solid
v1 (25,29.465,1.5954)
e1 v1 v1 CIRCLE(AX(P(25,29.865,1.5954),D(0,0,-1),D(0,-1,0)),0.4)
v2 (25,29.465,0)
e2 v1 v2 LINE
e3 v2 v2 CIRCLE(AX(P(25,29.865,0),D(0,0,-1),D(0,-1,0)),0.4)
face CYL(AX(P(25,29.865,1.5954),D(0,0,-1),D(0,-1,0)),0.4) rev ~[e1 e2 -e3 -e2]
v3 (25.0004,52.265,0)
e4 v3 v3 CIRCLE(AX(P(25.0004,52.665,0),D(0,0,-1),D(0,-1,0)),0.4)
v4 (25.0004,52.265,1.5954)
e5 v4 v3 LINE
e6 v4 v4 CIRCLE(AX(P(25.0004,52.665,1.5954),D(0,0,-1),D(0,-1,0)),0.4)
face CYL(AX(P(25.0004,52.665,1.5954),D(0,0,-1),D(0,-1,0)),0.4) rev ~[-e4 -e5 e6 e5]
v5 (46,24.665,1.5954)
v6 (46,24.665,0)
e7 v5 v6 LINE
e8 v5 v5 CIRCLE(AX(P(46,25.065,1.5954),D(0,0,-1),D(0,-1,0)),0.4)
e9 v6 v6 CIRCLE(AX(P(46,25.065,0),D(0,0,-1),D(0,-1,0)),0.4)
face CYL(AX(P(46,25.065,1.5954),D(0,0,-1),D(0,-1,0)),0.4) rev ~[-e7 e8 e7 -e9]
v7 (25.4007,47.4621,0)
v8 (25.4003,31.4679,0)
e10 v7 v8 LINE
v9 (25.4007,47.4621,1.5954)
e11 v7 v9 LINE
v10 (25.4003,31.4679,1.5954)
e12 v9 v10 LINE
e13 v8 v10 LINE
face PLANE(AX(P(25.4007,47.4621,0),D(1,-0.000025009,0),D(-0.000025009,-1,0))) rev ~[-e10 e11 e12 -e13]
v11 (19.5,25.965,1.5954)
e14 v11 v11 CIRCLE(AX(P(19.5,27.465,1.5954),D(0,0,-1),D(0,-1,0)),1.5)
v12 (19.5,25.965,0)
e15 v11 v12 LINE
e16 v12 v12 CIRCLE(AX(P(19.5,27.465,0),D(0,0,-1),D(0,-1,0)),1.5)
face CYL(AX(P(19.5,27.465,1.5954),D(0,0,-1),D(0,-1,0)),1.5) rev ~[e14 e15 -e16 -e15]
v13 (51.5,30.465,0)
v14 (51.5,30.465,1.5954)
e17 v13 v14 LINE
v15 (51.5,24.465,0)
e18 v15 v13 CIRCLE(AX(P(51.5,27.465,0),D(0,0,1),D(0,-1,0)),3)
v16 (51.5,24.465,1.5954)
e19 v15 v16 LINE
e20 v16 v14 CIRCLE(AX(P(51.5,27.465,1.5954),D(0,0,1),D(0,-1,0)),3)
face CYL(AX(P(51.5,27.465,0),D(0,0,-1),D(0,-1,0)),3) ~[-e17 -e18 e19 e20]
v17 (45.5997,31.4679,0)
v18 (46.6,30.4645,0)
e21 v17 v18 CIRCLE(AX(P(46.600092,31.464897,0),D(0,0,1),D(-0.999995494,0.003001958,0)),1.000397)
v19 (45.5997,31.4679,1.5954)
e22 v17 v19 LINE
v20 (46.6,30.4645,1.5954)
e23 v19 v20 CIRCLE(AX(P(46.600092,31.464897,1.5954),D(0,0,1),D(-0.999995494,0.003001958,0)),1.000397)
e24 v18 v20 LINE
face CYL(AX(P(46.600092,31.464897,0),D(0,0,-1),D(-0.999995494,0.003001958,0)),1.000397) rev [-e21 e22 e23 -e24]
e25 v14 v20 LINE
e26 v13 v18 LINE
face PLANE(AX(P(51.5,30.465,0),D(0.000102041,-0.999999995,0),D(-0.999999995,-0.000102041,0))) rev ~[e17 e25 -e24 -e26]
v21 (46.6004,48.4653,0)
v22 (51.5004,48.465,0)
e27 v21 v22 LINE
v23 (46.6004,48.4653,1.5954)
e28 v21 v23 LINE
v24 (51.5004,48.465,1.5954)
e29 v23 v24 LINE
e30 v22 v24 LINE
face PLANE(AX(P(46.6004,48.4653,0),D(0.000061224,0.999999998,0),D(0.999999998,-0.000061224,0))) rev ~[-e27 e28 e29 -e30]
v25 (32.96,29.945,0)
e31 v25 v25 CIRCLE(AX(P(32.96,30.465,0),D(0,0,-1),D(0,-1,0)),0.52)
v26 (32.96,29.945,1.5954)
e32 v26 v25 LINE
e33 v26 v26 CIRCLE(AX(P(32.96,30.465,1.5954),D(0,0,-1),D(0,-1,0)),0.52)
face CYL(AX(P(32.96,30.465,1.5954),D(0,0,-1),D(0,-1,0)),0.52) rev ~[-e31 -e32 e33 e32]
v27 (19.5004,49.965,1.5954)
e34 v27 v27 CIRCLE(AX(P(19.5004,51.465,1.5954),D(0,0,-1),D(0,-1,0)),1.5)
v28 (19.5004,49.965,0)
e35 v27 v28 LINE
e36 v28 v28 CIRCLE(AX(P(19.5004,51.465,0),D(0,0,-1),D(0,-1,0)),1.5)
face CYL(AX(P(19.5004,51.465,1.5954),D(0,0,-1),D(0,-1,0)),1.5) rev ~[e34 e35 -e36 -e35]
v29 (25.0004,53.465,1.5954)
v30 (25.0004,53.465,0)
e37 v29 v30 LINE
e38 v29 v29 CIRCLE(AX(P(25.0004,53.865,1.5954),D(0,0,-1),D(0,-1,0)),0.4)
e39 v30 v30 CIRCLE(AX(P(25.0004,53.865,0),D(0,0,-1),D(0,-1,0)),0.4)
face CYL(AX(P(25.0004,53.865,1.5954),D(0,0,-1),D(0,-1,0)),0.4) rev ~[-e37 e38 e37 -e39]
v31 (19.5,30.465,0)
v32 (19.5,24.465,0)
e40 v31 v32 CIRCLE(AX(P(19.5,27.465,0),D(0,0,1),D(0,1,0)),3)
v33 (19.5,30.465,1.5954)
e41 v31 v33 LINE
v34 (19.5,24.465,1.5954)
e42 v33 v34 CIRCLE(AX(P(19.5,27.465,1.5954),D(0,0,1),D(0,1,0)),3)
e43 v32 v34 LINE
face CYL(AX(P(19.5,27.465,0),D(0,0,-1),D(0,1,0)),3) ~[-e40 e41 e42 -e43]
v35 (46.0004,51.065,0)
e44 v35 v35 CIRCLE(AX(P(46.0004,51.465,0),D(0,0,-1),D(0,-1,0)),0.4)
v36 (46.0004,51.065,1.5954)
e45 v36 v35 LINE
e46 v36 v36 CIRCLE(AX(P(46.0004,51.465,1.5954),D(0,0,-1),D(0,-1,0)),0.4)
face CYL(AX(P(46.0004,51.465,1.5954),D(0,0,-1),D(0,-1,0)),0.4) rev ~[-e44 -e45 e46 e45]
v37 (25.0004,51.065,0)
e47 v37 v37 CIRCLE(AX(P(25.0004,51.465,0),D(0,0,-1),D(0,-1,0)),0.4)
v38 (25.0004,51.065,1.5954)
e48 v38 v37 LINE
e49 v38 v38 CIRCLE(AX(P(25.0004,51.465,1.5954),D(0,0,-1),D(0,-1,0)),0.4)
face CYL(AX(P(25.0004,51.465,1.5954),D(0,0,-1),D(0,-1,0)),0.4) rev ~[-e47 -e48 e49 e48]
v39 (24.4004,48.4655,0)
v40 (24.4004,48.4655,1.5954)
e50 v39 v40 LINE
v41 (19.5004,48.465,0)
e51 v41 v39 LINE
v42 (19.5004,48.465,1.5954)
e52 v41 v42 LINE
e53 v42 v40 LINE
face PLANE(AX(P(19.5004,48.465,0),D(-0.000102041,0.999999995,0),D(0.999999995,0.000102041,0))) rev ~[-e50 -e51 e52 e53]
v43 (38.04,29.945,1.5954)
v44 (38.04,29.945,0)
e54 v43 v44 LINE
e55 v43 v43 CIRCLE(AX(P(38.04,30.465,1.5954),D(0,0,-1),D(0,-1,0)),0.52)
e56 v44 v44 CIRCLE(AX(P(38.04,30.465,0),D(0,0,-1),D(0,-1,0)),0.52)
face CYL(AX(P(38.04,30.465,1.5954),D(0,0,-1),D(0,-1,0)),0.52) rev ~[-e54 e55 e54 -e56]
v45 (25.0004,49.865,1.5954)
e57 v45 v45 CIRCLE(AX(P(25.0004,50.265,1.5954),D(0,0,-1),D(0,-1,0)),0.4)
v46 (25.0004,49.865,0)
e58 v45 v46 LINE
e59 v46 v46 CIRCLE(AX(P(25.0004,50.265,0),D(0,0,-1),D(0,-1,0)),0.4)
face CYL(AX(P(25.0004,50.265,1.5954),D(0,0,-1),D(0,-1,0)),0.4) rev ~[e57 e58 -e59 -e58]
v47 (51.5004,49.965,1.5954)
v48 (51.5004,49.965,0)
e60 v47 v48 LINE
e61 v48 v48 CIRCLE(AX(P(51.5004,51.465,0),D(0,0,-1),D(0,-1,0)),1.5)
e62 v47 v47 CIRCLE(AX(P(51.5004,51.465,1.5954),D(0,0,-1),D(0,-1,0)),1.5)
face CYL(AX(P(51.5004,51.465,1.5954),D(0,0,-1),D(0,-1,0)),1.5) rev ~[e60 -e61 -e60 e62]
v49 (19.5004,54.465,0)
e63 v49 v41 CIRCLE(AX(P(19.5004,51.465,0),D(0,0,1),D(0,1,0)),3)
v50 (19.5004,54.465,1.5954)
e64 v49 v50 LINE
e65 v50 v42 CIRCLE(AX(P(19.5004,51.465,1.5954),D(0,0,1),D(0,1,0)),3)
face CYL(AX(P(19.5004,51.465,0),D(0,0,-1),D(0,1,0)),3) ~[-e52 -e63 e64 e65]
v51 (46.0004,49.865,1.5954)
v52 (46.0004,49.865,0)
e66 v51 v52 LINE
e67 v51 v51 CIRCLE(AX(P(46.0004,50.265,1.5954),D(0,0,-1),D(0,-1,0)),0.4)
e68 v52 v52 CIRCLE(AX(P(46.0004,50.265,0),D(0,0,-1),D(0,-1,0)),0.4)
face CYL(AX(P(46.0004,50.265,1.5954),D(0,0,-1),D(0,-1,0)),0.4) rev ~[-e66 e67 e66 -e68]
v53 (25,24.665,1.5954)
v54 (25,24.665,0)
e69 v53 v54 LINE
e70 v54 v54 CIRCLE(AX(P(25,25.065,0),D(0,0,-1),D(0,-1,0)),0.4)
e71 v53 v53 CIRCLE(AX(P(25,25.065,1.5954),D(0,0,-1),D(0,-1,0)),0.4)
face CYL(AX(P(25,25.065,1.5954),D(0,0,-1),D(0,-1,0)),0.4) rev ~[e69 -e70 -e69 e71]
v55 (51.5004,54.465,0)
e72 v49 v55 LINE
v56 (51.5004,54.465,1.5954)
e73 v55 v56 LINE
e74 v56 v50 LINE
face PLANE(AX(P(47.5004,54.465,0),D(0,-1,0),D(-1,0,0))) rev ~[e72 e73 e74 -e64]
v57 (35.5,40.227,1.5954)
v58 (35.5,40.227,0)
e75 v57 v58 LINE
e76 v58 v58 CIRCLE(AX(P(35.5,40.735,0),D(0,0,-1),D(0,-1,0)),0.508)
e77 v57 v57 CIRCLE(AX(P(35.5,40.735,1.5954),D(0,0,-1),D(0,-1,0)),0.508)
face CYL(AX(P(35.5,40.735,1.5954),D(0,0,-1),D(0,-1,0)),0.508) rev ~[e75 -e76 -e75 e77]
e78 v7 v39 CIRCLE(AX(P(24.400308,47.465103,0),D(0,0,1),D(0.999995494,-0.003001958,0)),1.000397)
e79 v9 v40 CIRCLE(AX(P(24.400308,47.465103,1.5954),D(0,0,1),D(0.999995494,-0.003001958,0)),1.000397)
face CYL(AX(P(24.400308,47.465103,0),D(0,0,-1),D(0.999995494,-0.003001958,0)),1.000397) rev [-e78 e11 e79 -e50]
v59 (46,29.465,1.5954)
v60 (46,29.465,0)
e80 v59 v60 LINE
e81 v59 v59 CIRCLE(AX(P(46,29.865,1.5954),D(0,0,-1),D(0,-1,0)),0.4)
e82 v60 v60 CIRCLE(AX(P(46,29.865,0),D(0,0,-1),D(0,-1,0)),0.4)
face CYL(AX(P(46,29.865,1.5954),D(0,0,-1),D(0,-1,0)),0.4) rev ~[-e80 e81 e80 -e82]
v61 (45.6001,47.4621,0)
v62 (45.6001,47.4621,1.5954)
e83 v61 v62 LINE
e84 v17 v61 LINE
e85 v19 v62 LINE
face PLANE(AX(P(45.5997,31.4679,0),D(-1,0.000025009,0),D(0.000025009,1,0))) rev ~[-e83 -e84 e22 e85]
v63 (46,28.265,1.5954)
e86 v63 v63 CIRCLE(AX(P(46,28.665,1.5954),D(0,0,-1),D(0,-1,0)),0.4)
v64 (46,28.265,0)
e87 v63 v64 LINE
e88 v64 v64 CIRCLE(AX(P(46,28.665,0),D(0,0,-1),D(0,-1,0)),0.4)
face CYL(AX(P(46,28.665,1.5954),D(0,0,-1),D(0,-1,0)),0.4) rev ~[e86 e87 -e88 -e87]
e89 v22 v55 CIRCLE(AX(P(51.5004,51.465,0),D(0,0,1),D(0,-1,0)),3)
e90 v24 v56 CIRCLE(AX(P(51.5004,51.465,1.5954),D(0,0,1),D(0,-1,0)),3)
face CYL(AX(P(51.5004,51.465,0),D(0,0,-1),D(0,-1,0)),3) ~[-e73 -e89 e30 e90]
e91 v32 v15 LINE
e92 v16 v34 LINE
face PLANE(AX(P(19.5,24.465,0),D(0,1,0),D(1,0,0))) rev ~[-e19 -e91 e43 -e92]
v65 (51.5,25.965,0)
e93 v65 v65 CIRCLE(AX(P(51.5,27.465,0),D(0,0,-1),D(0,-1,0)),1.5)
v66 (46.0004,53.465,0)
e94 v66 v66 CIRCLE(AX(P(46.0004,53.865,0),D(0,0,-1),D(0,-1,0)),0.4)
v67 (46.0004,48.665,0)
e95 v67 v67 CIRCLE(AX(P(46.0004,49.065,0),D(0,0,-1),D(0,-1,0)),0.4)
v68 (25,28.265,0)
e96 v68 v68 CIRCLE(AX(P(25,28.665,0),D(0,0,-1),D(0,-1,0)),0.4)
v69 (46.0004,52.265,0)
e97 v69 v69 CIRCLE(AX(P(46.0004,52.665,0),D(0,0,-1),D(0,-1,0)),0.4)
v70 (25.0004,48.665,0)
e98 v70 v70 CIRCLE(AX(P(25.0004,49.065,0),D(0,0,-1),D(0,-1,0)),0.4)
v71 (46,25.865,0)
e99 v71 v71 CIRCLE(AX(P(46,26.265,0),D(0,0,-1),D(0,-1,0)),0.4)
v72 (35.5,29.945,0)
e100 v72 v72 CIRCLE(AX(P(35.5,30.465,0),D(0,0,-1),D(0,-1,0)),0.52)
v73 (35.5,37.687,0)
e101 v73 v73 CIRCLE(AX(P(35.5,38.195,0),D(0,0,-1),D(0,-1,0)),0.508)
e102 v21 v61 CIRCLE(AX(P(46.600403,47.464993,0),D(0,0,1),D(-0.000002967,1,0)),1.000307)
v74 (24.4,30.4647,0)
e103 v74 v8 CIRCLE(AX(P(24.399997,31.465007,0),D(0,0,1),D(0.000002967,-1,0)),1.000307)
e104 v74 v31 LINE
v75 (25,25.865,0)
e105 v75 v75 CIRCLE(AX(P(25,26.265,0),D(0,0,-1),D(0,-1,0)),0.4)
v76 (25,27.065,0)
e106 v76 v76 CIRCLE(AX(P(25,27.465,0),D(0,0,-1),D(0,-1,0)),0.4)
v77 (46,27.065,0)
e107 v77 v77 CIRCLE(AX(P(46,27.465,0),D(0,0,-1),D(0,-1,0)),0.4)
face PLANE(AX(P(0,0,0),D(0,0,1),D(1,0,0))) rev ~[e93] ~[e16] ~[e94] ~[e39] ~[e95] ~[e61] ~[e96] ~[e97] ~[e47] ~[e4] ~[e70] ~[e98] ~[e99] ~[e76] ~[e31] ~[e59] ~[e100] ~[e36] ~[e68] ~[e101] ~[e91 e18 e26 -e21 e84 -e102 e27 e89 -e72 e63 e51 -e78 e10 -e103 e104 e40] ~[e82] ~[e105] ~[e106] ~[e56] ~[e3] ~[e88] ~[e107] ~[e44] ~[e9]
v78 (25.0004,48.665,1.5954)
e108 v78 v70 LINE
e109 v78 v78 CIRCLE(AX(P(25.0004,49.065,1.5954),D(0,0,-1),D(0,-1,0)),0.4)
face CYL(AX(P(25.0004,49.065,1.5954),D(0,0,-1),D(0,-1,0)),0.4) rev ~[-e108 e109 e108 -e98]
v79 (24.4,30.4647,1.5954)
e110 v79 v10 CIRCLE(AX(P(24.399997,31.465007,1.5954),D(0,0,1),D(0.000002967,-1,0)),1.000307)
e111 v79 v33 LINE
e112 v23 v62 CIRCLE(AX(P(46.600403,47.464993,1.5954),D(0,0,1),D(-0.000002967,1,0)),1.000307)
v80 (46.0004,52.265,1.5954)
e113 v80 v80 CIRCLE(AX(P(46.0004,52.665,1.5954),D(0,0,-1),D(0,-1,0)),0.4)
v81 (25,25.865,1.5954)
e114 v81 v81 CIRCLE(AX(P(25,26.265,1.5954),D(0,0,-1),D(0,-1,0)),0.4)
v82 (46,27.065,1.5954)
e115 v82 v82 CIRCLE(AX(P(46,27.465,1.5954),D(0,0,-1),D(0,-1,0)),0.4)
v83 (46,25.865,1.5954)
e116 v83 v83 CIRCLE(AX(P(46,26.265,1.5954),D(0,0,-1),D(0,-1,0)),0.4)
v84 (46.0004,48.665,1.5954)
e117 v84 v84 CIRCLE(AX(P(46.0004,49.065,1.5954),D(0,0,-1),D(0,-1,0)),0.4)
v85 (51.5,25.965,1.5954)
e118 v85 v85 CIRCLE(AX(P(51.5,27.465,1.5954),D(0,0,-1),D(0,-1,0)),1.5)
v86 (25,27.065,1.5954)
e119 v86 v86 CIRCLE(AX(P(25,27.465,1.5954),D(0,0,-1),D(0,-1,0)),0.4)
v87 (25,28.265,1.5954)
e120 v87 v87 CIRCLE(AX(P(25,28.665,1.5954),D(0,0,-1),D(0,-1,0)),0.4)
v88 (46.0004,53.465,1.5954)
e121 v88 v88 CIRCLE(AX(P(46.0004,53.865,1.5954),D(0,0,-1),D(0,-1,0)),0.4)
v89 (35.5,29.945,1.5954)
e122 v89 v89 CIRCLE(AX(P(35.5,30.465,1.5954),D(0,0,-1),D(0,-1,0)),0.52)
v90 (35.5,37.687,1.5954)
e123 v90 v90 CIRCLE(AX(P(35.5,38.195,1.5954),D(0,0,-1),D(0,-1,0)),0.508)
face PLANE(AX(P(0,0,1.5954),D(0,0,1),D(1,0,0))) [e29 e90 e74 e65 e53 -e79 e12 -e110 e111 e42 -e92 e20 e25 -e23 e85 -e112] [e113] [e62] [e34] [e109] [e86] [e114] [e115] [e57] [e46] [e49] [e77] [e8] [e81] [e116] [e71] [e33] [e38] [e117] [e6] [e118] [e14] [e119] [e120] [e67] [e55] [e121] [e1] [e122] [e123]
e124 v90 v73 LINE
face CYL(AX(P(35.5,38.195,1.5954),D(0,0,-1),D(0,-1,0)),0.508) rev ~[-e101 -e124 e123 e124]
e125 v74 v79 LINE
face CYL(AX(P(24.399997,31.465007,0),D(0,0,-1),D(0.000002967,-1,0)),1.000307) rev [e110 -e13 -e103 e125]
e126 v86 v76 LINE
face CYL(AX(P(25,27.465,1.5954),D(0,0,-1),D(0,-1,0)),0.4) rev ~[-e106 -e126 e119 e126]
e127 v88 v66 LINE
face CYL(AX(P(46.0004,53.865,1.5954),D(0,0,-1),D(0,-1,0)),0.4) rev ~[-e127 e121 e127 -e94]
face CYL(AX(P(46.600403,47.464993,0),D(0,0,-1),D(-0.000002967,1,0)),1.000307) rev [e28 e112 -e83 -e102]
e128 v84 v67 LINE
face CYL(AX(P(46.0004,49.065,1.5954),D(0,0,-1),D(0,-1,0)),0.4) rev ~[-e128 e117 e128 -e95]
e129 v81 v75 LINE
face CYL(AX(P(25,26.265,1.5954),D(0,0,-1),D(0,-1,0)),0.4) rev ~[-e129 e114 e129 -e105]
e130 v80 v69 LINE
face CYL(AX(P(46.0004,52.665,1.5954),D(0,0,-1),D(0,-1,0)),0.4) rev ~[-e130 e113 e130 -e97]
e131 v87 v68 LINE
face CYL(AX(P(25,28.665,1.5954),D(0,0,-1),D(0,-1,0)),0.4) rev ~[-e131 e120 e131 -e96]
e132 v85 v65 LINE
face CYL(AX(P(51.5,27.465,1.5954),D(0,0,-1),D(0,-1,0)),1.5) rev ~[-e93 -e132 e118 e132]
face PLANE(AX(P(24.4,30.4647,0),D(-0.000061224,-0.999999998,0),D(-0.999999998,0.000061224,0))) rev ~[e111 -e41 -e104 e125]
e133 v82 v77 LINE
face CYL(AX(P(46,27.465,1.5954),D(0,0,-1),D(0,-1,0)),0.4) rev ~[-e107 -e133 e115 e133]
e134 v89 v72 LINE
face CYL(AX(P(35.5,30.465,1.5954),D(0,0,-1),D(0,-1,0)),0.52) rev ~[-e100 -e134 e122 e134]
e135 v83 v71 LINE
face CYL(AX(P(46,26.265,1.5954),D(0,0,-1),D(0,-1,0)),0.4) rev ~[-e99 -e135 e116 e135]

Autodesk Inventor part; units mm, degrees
ref_plane "YZ Plane" through (0, 0, 0) normal (1, 0, 0) x (0, 1, 0)
ref_plane "XZ Plane" through (0, 0, 0) normal (0, 1, 0) x (-1, 0, 0)
ref_plane "BoardFrontPlane" through (0, 0, 0) normal (0, 0, 1) x (1, 0, 0)
sketch "Sketch1" plane through (0, 0, 0) normal (0, 0, 1) x (1, 0, 0)
  line L0 (19.5, 24.465) -> (47.5, 24.465)
  line L1 (47.5, 24.465) -> (51.5, 24.465)
  arc A0 (51.5, 24.465) -> (51.5, 30.465) centre (51.5, 27.465) ccw
  line L2 (51.5, 30.465) -> (46.6, 30.4645)
  arc A1 (45.5997, 31.4679) -> (46.6, 30.4645) centre (46.6001, 31.4649) ccw
  line L3 (45.5997, 31.4679) -> (45.6001, 47.4621)
  arc A2 (46.6004, 48.4653) -> (45.6001, 47.4621) centre (46.6004, 47.465) ccw
  line L4 (46.6004, 48.4653) -> (51.5004, 48.465)
  arc A3 (51.5004, 48.465) -> (51.5004, 54.465) centre (51.5004, 51.465) ccw
  line L5 (51.5004, 54.465) -> (47.5004, 54.465)
  line L6 (47.5004, 54.465) -> (19.5004, 54.465)
  arc A4 (19.5004, 54.465) -> (19.5004, 48.465) centre (19.5004, 51.465) ccw
  line L7 (19.5004, 48.465) -> (24.4004, 48.4655)
  arc A5 (25.4007, 47.4621) -> (24.4004, 48.4655) centre (24.4003, 47.4651) ccw
  line L8 (25.4007, 47.4621) -> (25.4003, 31.4679)
  arc A6 (24.4, 30.4647) -> (25.4003, 31.4679) centre (24.4, 31.465) ccw
  line L9 (24.4, 30.4647) -> (19.5, 30.465)
  arc A7 (19.5, 30.465) -> (19.5, 24.465) centre (19.5, 27.465) ccw
extrude "BoardOutline" add sketch "Sketch1" along normal blind 1.5954
sketch "img_Top" plane through (0, 0, 1.5954) normal (0, 0, 1) x (1, 0, 0)
  line L0 (16.5, 54.465) -> (54.5017, 54.465) construction
  line L1 (54.5017, 54.465) -> (54.5017, 24.465) construction
  line L2 (54.5017, 24.465) -> (16.5, 24.465) construction
  line L3 (16.5, 24.465) -> (16.5, 54.465) construction
decal "Decal_Top"
sketch "img_Bottom" plane through (0, 0, -1.5954) normal (0, 0, -1) x (1, 0, 0)
  line L0 (16.5, -24.465) -> (54.5017, -24.465) construction
  line L1 (54.5017, -24.465) -> (54.5017, -54.465) construction
  line L2 (54.5017, -54.465) -> (16.5, -54.465) construction
  line L3 (16.5, -54.465) -> (16.5, -24.465) construction
decal "Decal_Bottom"
sketch "Sketch4" plane through (0, 0, 1.5954) normal (0, 0, 1) x (1, 0, 0)
  point P0 (35.5, 40.735)
hole "Q1-2" at (35.5, 40.735, 1.5954) direction (0, 0, -1) diameter 1.016 end through all
sketch "Sketch5" plane through (0, 0, 1.5954) normal (0, 0, 1) x (1, 0, 0)
  point P0 (35.5, 38.195)
hole "Q1-1" at (35.5, 38.195, 1.5954) direction (0, 0, -1) diameter 1.016 end through all
sketch "Sketch6" plane through (0, 0, 1.5954) normal (0, 0, 1) x (1, 0, 0)
  point P0 (46.0004, 53.865)
hole "Free-6_WBTLOXPK" at (46.0004, 53.865, 1.5954) direction (0, 0, -1) diameter 0.8 end through all
sketch "Sketch7" plane through (0, 0, 1.5954) normal (0, 0, 1) x (1, 0, 0)
  point P0 (46.0004, 52.665)
hole "Free-5_XIOJIJXP" at (46.0004, 52.665, 1.5954) direction (0, 0, -1) diameter 0.8 end through all
sketch "Sketch8" plane through (0, 0, 1.5954) normal (0, 0, 1) x (1, 0, 0)
  point P0 (46.0004, 51.465)
hole "Free-4_DJTYKPAA" at (46.0004, 51.465, 1.5954) direction (0, 0, -1) diameter 0.8 end through all
sketch "Sketch9" plane through (0, 0, 1.5954) normal (0, 0, 1) x (1, 0, 0)
  point P0 (46.0004, 50.265)
hole "Free-3_AXXACNQN" at (46.0004, 50.265, 1.5954) direction (0, 0, -1) diameter 0.8 end through all
sketch "Sketch10" plane through (0, 0, 1.5954) normal (0, 0, 1) x (1, 0, 0)
  point P0 (46.0004, 49.065)
hole "Free-2_AOCKDCBY" at (46.0004, 49.065, 1.5954) direction (0, 0, -1) diameter 0.8 end through all
sketch "Sketch11" plane through (0, 0, 1.5954) normal (0, 0, 1) x (1, 0, 0)
  point P0 (51.5004, 51.465)
hole "Free-1_DASBMRFB" at (51.5004, 51.465, 1.5954) direction (0, 0, -1) diameter 3 end through all
sketch "Sketch12" plane through (0, 0, 1.5954) normal (0, 0, 1) x (1, 0, 0)
  point P0 (25.0004, 53.865)
hole "Free-6_NIMWPQYT" at (25.0004, 53.865, 1.5954) direction (0, 0, -1) diameter 0.8 end through all
sketch "Sketch13" plane through (0, 0, 1.5954) normal (0, 0, 1) x (1, 0, 0)
  point P0 (25.0004, 52.665)
hole "Free-5_XNHNLNST" at (25.0004, 52.665, 1.5954) direction (0, 0, -1) diameter 0.8 end through all
sketch "Sketch14" plane through (0, 0, 1.5954) normal (0, 0, 1) x (1, 0, 0)
  point P0 (25.0004, 51.465)
hole "Free-4_FETUHRKC" at (25.0004, 51.465, 1.5954) direction (0, 0, -1) diameter 0.8 end through all
sketch "Sketch15" plane through (0, 0, 1.5954) normal (0, 0, 1) x (1, 0, 0)
  point P0 (25.0004, 50.265)
hole "Free-3_DMTDOSJH" at (25.0004, 50.265, 1.5954) direction (0, 0, -1) diameter 0.8 end through all
sketch "Sketch16" plane through (0, 0, 1.5954) normal (0, 0, 1) x (1, 0, 0)
  point P0 (25.0004, 49.065)
hole "Free-2_TMPFYMJS" at (25.0004, 49.065, 1.5954) direction (0, 0, -1) diameter 0.8 end through all
sketch "Sketch17" plane through (0, 0, 1.5954) normal (0, 0, 1) x (1, 0, 0)
  point P0 (19.5004, 51.465)
hole "Free-1_WWOKCKJL" at (19.5004, 51.465, 1.5954) direction (0, 0, -1) diameter 3 end through all
sketch "Sketch18" plane through (0, 0, 1.5954) normal (0, 0, 1) x (1, 0, 0)
  point P0 (51.5, 27.465)
hole "Free-1_SGRFTGBA" at (51.5, 27.465, 1.5954) direction (0, 0, -1) diameter 3 end through all
sketch "Sketch19" plane through (0, 0, 1.5954) normal (0, 0, 1) x (1, 0, 0)
  point P0 (46, 29.865)
hole "Free-2_AUMGPVUD" at (46, 29.865, 1.5954) direction (0, 0, -1) diameter 0.8 end through all
sketch "Sketch20" plane through (0, 0, 1.5954) normal (0, 0, 1) x (1, 0, 0)
  point P0 (46, 28.665)
hole "Free-3_HPVJLOHR" at (46, 28.665, 1.5954) direction (0, 0, -1) diameter 0.8 end through all
sketch "Sketch21" plane through (0, 0, 1.5954) normal (0, 0, 1) x (1, 0, 0)
  point P0 (46, 27.465)
hole "Free-4_DQHIBCUL" at (46, 27.465, 1.5954) direction (0, 0, -1) diameter 0.8 end through all
sketch "Sketch22" plane through (0, 0, 1.5954) normal (0, 0, 1) x (1, 0, 0)
  point P0 (46, 26.265)
hole "Free-5_OUJHCFEU" at (46, 26.265, 1.5954) direction (0, 0, -1) diameter 0.8 end through all
sketch "Sketch23" plane through (0, 0, 1.5954) normal (0, 0, 1) x (1, 0, 0)
  point P0 (46, 25.065)
hole "Free-6_RFLYKSPV" at (46, 25.065, 1.5954) direction (0, 0, -1) diameter 0.8 end through all
sketch "Sketch24" plane through (0, 0, 1.5954) normal (0, 0, 1) x (1, 0, 0)
  point P0 (25, 25.065)
hole "Free-6_SWLXYYKK" at (25, 25.065, 1.5954) direction (0, 0, -1) diameter 0.8 end through all
sketch "Sketch25" plane through (0, 0, 1.5954) normal (0, 0, 1) x (1, 0, 0)
  point P0 (25, 26.265)
hole "Free-5_RJKXWDHV" at (25, 26.265, 1.5954) direction (0, 0, -1) diameter 0.8 end through all
sketch "Sketch26" plane through (0, 0, 1.5954) normal (0, 0, 1) x (1, 0, 0)
  point P0 (25, 27.465)
hole "Free-4_KOIALDYT" at (25, 27.465, 1.5954) direction (0, 0, -1) diameter 0.8 end through all
sketch "Sketch27" plane through (0, 0, 1.5954) normal (0, 0, 1) x (1, 0, 0)
  point P0 (25, 28.665)
hole "Free-3_NUADKFXF" at (25, 28.665, 1.5954) direction (0, 0, -1) diameter 0.8 end through all
sketch "Sketch28" plane through (0, 0, 1.5954) normal (0, 0, 1) x (1, 0, 0)
  point P0 (25, 29.865)
hole "Free-2_KKFAPUKC" at (25, 29.865, 1.5954) direction (0, 0, -1) diameter 0.8 end through all
sketch "Sketch29" plane through (0, 0, 1.5954) normal (0, 0, 1) x (1, 0, 0)
  point P0 (19.5, 27.465)
hole "Free-1_BKUUHACL" at (19.5, 27.465, 1.5954) direction (0, 0, -1) diameter 3 end through all
sketch "Sketch30" plane through (0, 0, 1.5954) normal (0, 0, 1) x (1, 0, 0)
  point P0 (32.96, 30.465)
hole "P1-1" at (32.96, 30.465, 1.5954) direction (0, 0, -1) diameter 1.04 end through all
sketch "Sketch31" plane through (0, 0, 1.5954) normal (0, 0, 1) x (1, 0, 0)
  point P0 (35.5, 30.465)
hole "P1-2" at (35.5, 30.465, 1.5954) direction (0, 0, -1) diameter 1.04 end through all
sketch "Sketch32" plane through (0, 0, 1.5954) normal (0, 0, 1) x (1, 0, 0)
  point P0 (38.04, 30.465)
hole "P1-3" at (38.04, 30.465, 1.5954) direction (0, 0, -1) diameter 1.04 end through all
properties part number "Dual PMT Controller - Light Interlock_BOARD"
